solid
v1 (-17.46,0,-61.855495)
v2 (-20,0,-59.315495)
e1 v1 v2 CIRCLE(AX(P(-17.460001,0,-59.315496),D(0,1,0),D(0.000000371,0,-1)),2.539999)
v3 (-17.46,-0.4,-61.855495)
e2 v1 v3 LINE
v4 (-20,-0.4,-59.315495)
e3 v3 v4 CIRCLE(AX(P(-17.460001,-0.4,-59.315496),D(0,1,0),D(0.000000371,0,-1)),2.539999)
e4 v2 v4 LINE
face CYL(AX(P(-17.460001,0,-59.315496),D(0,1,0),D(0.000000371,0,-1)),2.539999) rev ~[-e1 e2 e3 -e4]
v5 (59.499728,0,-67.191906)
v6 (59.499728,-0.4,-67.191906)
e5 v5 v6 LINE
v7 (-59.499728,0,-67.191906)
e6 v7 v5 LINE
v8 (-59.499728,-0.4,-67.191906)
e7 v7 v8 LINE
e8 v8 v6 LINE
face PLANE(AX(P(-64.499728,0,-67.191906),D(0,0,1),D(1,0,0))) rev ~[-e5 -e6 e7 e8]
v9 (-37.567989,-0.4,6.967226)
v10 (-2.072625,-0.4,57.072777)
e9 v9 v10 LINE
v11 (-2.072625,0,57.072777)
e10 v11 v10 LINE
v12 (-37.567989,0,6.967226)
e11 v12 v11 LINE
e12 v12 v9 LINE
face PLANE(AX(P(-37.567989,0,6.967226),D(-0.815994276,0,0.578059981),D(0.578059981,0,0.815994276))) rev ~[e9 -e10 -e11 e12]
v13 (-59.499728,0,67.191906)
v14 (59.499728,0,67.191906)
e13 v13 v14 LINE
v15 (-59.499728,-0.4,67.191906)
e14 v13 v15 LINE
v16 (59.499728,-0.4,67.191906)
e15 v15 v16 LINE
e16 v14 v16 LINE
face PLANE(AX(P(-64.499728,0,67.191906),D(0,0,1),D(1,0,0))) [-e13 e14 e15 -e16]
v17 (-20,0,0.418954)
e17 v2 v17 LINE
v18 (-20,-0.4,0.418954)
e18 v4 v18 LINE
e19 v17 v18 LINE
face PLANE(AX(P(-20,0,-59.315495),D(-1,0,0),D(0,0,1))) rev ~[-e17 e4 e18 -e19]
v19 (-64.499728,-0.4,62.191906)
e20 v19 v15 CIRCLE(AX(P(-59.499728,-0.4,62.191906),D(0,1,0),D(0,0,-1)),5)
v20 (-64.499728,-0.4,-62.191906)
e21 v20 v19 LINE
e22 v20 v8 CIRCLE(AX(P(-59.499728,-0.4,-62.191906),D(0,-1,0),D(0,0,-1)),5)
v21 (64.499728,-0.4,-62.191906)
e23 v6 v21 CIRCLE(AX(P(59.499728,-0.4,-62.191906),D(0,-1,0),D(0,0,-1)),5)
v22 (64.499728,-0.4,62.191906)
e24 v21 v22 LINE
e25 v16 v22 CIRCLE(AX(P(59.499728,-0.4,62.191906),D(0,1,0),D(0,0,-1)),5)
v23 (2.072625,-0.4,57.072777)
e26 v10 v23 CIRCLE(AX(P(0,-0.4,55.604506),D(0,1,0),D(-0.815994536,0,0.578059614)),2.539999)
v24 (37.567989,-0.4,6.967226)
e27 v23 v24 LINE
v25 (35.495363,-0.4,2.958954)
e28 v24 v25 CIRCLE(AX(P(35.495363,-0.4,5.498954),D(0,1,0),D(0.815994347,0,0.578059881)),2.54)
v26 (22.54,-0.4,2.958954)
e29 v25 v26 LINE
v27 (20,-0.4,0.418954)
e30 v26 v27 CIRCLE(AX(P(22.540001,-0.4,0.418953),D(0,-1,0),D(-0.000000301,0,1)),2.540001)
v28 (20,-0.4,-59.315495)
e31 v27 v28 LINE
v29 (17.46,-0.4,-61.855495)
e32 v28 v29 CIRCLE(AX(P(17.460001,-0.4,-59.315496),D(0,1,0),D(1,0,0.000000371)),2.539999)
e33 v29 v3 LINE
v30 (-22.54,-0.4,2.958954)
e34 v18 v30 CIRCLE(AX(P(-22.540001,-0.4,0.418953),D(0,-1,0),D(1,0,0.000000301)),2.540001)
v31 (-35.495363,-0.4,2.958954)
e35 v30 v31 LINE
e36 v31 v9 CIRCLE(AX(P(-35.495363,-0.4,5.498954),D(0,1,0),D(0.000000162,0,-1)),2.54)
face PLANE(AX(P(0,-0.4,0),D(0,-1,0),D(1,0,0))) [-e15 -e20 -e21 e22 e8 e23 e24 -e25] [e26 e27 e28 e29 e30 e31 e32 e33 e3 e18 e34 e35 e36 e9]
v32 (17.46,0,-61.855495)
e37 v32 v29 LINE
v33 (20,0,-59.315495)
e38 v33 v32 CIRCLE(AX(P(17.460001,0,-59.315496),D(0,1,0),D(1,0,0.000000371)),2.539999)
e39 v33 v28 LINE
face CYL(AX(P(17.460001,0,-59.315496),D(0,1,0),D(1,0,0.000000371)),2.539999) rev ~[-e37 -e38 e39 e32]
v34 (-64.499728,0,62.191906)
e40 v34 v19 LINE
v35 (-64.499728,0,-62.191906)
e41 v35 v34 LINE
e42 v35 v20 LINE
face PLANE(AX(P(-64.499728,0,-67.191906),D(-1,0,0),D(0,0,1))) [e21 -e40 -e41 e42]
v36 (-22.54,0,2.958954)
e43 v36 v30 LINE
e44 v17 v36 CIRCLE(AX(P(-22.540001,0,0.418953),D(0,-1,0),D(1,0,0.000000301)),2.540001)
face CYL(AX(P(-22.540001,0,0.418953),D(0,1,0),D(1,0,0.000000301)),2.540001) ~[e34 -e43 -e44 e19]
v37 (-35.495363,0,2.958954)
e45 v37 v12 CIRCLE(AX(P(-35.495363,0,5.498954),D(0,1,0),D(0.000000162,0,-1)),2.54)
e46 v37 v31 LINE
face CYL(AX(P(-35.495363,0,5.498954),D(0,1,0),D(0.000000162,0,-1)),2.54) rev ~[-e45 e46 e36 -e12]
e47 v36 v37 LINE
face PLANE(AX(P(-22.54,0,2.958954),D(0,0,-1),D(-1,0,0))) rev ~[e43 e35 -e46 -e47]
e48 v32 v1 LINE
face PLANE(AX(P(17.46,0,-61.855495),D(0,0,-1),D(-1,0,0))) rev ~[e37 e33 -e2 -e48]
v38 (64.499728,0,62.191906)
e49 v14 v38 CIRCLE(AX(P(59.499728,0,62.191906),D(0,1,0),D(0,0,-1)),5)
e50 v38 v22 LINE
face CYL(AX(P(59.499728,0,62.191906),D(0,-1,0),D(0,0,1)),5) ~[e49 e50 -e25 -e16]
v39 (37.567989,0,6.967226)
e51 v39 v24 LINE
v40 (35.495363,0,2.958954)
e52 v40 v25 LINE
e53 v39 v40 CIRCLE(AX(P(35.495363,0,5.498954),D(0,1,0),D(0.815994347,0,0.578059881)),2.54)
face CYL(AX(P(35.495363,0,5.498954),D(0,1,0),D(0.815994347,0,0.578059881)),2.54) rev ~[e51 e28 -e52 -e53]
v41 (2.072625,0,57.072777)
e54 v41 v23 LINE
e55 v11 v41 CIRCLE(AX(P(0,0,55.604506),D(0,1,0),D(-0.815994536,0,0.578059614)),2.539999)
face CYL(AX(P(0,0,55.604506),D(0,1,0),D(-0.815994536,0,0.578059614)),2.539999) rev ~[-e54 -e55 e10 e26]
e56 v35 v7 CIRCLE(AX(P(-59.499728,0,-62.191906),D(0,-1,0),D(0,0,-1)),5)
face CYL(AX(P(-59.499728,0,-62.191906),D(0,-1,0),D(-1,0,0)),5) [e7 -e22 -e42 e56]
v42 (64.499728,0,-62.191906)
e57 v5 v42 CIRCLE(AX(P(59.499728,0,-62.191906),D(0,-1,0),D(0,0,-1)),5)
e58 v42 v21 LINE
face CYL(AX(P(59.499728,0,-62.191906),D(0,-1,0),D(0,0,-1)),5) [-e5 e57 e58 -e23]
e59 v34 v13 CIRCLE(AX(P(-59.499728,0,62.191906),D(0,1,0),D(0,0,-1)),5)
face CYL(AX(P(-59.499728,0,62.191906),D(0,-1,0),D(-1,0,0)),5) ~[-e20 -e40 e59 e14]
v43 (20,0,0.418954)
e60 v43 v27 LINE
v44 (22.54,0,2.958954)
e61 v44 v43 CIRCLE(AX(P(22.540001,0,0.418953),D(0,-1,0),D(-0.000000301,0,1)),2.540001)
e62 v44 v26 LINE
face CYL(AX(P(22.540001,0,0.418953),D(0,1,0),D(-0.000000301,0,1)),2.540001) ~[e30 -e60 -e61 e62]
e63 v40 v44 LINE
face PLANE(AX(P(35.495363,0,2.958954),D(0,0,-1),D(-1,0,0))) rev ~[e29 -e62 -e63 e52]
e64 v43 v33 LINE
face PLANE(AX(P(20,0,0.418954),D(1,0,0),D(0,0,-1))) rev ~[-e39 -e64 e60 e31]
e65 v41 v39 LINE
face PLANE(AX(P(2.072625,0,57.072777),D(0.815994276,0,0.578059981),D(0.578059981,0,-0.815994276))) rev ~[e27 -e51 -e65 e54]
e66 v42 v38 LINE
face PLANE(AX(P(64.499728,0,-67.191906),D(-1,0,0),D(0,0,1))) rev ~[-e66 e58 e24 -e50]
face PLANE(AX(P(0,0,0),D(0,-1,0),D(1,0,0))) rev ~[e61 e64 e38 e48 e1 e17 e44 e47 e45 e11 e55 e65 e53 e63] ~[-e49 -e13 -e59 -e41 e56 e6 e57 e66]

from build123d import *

# Parameters (mm, degrees)
F0_W     = 128.999456
F0_H     = 134.383812
F1_DEPTH = 0.4
F2_R     = 5


with BuildPart() as f1:
    # F0 (on Front) → F1 (new body)
    with BuildSketch(Plane.XZ):
        Rectangle(F0_W, F0_H)
        with BuildLine():
            Line((17.46, -61.855495), (0, -61.855495))
            Line((0, -61.855495), (-17.46, -61.855495))
            ThreePointArc((-17.46, -61.855495), (-19.256051, -61.111547), (-20, -59.315495))
            Line((-20, -59.315495), (-20, 0.418954))
            ThreePointArc((-20, 0.418954), (-20.743949, 2.215005), (-22.54, 2.958954))
            Line((-22.54, 2.958954), (-35.495363, 2.958954))
            ThreePointArc((-35.495363, 2.958954), (-37.751578, 4.332294), (-37.567989, 6.967226))
            Line((-37.567989, 6.967226), (-2.072625, 57.072777))
            ThreePointArc((-2.072625, 57.072777), (0, 58.144505), (2.072625, 57.072777))
            Line((2.072625, 57.072777), (37.567989, 6.967226))
            ThreePointArc((37.567989, 6.967226), (37.751578, 4.332294), (35.495363, 2.958954))
            Line((35.495363, 2.958954), (22.54, 2.958954))
            ThreePointArc((22.54, 2.958954), (20.743949, 2.215005), (20, 0.418954))
            Line((20, 0.418954), (20, -59.315495))
            ThreePointArc((20, -59.315495), (19.256051, -61.111547), (17.46, -61.855495))
        make_face(mode=Mode.SUBTRACT)
    extrude(amount=F1_DEPTH)

    # F2
    f2_edges = [f1.edges().sort_by_distance(p)[0] for p in [
        (-64.499728, -0.2, 67.191906),
        (64.499728, -0.2, 67.191906),
        (64.499728, -0.2, -67.191906),
        (-64.499728, -0.2, -67.191906),
    ]]
    fillet(f2_edges, radius=F2_R)


solid = f1.part
